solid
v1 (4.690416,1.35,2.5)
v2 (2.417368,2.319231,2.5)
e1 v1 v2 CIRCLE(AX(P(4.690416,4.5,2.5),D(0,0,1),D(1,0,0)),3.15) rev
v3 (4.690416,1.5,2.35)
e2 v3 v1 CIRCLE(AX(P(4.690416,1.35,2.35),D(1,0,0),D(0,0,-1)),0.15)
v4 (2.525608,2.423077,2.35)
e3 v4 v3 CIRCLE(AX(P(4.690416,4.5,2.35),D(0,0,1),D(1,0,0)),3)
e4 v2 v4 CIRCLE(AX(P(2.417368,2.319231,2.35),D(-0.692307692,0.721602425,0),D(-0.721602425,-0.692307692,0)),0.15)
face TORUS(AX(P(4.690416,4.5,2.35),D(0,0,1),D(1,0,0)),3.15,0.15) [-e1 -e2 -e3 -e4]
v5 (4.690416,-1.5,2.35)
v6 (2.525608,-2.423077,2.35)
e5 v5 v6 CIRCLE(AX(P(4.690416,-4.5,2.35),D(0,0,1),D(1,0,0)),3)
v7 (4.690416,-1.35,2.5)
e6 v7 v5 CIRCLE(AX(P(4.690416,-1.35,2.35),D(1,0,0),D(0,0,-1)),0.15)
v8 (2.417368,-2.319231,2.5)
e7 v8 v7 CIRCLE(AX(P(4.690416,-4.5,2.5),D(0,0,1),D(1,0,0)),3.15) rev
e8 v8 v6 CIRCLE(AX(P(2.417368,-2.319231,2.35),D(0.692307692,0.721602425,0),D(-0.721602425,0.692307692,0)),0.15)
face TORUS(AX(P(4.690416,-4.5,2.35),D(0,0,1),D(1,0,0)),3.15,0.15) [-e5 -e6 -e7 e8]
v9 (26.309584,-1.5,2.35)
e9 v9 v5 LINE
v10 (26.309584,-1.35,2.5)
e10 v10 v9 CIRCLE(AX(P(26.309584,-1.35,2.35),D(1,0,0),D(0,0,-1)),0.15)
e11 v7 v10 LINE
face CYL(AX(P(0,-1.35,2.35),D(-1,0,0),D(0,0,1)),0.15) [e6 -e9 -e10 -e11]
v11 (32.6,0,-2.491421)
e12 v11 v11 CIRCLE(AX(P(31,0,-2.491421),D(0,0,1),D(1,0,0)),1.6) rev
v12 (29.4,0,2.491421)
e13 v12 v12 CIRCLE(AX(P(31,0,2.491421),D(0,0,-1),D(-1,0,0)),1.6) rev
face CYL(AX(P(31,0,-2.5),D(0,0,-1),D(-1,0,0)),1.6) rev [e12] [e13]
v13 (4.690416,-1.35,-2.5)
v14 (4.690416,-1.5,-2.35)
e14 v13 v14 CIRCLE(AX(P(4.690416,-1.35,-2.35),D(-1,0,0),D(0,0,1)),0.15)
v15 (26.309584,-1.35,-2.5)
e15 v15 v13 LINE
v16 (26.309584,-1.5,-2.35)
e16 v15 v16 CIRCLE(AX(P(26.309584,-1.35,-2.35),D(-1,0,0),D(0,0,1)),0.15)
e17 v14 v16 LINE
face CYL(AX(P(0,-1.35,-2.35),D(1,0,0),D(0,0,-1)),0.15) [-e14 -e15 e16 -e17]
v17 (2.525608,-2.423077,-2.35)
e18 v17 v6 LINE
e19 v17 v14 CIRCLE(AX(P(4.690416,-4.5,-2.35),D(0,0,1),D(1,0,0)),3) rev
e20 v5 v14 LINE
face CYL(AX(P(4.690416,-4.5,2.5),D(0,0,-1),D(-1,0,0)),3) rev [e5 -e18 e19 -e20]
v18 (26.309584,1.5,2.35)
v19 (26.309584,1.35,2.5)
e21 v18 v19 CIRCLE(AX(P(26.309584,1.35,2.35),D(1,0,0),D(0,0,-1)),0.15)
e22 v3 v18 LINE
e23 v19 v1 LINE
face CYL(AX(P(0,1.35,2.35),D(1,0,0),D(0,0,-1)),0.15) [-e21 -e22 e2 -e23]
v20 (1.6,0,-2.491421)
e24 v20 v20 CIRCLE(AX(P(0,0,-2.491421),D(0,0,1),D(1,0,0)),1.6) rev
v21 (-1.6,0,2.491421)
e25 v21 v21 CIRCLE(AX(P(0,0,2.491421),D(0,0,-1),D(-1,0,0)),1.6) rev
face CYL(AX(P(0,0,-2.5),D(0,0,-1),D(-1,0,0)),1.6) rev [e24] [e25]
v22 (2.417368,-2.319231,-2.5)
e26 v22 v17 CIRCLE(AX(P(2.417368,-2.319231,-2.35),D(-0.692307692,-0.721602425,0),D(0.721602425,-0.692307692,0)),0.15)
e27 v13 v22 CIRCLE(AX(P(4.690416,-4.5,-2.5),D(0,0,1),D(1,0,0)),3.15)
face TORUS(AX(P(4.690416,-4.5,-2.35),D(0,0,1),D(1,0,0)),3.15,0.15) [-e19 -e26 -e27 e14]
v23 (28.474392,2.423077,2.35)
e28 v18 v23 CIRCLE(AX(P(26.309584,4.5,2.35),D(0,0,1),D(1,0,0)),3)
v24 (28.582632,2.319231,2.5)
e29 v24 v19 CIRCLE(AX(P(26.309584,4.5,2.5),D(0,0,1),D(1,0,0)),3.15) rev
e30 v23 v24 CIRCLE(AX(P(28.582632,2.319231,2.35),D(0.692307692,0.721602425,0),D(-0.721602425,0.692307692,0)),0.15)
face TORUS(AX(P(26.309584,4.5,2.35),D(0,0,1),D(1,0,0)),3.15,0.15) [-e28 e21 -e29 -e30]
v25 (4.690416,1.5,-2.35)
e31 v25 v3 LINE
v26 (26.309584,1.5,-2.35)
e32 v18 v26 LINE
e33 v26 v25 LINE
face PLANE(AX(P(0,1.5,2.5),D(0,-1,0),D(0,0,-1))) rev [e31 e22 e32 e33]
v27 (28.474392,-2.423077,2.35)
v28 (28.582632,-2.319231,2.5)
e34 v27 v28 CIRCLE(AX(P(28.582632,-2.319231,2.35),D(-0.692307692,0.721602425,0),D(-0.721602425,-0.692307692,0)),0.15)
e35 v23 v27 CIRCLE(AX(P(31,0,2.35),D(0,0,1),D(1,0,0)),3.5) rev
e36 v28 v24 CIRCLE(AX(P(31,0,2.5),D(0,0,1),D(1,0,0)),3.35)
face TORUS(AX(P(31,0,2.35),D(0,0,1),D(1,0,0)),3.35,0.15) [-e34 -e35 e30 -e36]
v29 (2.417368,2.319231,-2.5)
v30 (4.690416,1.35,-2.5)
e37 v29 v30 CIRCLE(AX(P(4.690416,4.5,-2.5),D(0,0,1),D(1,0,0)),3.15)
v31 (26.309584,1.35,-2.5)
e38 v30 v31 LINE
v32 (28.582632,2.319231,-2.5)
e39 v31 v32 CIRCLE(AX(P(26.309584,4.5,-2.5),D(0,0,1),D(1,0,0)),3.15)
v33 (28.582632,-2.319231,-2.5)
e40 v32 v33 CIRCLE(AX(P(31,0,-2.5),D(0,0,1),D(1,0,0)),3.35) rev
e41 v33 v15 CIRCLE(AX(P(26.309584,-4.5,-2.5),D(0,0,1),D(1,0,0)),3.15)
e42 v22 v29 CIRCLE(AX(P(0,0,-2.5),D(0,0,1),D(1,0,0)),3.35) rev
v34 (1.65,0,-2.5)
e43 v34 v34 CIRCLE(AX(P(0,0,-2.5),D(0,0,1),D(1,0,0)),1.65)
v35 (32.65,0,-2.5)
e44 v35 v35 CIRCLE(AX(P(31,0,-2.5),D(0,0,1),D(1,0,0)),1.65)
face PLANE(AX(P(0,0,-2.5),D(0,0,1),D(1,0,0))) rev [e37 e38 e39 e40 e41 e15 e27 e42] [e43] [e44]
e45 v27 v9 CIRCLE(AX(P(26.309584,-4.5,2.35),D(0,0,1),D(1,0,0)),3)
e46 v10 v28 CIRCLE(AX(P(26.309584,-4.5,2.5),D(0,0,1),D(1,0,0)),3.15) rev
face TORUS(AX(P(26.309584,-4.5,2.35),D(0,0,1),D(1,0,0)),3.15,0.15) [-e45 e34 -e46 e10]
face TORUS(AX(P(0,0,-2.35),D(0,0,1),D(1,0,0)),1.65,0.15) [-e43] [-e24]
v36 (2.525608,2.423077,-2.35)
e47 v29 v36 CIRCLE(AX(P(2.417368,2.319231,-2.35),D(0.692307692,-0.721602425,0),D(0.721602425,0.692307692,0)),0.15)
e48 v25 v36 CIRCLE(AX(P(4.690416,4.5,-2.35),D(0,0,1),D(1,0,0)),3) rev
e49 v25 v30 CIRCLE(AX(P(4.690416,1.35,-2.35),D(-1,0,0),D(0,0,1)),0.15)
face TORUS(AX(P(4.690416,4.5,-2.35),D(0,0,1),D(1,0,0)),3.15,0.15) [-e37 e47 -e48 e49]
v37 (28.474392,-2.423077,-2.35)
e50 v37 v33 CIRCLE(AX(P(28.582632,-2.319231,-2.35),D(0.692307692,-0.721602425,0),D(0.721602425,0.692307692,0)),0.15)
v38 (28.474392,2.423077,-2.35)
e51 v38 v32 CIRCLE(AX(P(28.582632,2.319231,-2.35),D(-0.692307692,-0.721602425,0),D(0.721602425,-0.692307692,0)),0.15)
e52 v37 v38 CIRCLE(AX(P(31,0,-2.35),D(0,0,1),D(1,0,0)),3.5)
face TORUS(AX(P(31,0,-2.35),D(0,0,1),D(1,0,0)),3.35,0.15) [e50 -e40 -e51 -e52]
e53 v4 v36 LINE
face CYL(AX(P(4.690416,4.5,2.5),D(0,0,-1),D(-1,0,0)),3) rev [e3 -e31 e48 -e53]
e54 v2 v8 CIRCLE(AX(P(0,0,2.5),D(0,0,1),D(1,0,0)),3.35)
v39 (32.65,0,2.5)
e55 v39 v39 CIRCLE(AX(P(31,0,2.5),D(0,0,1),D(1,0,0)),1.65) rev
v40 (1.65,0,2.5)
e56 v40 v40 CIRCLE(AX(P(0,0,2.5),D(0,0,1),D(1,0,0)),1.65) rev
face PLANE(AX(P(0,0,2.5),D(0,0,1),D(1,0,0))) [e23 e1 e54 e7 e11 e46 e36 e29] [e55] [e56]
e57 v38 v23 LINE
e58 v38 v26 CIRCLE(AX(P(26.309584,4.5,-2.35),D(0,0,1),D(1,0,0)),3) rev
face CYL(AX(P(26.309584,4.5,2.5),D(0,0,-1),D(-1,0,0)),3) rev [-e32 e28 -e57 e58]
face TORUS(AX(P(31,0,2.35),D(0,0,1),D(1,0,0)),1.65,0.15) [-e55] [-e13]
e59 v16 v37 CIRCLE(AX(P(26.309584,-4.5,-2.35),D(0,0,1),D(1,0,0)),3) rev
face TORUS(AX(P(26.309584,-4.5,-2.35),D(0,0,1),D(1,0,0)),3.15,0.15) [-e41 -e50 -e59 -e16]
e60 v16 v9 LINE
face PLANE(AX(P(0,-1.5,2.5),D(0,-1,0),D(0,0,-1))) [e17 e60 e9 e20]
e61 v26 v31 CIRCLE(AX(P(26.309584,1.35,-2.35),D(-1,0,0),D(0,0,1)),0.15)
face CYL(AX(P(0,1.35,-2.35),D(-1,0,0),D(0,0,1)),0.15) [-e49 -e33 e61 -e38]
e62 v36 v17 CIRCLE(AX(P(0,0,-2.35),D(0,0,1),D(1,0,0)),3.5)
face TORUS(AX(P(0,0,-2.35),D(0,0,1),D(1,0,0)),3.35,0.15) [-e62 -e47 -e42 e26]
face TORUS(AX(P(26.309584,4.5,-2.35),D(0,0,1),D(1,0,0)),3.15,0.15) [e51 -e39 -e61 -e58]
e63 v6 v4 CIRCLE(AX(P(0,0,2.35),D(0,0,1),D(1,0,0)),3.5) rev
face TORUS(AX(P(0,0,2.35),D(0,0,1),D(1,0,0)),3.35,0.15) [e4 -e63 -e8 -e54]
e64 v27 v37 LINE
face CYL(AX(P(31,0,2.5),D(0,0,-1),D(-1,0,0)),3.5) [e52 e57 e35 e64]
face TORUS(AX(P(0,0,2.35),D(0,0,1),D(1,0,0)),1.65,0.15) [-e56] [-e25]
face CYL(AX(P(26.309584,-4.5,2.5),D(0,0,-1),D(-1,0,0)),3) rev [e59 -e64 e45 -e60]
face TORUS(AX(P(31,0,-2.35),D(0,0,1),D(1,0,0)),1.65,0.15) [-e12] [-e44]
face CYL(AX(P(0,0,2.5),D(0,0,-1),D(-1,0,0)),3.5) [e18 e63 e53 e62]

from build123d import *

# Parameters (mm, degrees)
SKETCH1_R            = 3.5
SKETCH1_R_2          = 1.5
BOSS_EXTRUDE1_DEPTH  = 2.5
FILLET1_R            = 3
FILLET2_R            = 0.15
M3_CLEARANCE_HOLE1_D = 3.2


with BuildPart() as part:
    # Sketch1 → Boss-Extrude1 (new, symmetric)
    # profile 1 of 3: a face of its own
    with BuildSketch(Plane.XY):
        Circle(SKETCH1_R)
        Circle(SKETCH1_R_2, mode=Mode.SUBTRACT)
    # profile 2 of 3: a face of its own
    with BuildSketch(Plane.XY):
        with BuildLine():
            Line((3.16227766, -1.5), (27.83772234, -1.5))
            ThreePointArc((27.83772234, -1.5), (27.5, 0), (27.83772234, 1.5))
            Line((27.83772234, 1.5), (3.16227766, 1.5))
            ThreePointArc((3.16227766, 1.5), (3.414525722, 0.768774411), (3.5, 0))
            ThreePointArc((3.5, 0), (3.414525722, -0.768774411), (3.16227766, -1.5))
        make_face()
    # profile 3 of 3: a face of its own
    with BuildSketch(Plane.XY):
        with Locations((31, 0)):
            Circle(SKETCH1_R)
        with Locations((31, 0)):
            Circle(SKETCH1_R_2, mode=Mode.SUBTRACT)
    extrude(amount=BOSS_EXTRUDE1_DEPTH, both=True)

    # Fillet1
    fillet1_edges = [part.edges().sort_by_distance(p)[0] for p in [
        (27.83772234, 1.5, 0),
        (27.83772234, -1.5, 0),
        (3.16227766, -1.5, 0),
        (3.16227766, 1.5, 0),
    ]]
    fillet(fillet1_edges, radius=FILLET1_R)

    # Fillet2
    fillet2_edges = [part.edges().sort_by_distance(p)[0] for p in [
        (-3.5, 0, -2.5),
        (-3.5, 0, 2.5),
        (-1.5, 0, 2.5),
        (15.5, 1.5, -2.5),
        (15.5, 1.5, 2.5),
        (34.5, 0, -2.5),
        (34.5, 0, 2.5),
        (29.5, 0, 2.5),
        (15.5, -1.5, -2.5),
        (15.5, -1.5, 2.5),
        (3.513718949, 1.740401367, -2.5),
        (3.513718949, 1.740401367, 2.5),
        (27.486281051, 1.740401367, -2.5),
        (27.486281051, 1.740401367, 2.5),
        (3.513718949, -1.740401367, -2.5),
        (3.513718949, -1.740401367, 2.5),
        (27.486281051, -1.740401367, -2.5),
        (27.486281051, -1.740401367, 2.5),
        (29.5, 0, -2.5),
        (-1.5, 0, -2.5),
    ]]
    fillet(fillet2_edges, radius=FILLET2_R)

    # M3 Clearance Hole1 (through all)
    with Locations(Plane(origin=(0, 0, -2.5), x_dir=(-1, 0, 0), z_dir=(0, 0, -1))):
        with Locations((-31, 0), (0, 0)):
            Hole(M3_CLEARANCE_HOLE1_D / 2)


solid = part.part
